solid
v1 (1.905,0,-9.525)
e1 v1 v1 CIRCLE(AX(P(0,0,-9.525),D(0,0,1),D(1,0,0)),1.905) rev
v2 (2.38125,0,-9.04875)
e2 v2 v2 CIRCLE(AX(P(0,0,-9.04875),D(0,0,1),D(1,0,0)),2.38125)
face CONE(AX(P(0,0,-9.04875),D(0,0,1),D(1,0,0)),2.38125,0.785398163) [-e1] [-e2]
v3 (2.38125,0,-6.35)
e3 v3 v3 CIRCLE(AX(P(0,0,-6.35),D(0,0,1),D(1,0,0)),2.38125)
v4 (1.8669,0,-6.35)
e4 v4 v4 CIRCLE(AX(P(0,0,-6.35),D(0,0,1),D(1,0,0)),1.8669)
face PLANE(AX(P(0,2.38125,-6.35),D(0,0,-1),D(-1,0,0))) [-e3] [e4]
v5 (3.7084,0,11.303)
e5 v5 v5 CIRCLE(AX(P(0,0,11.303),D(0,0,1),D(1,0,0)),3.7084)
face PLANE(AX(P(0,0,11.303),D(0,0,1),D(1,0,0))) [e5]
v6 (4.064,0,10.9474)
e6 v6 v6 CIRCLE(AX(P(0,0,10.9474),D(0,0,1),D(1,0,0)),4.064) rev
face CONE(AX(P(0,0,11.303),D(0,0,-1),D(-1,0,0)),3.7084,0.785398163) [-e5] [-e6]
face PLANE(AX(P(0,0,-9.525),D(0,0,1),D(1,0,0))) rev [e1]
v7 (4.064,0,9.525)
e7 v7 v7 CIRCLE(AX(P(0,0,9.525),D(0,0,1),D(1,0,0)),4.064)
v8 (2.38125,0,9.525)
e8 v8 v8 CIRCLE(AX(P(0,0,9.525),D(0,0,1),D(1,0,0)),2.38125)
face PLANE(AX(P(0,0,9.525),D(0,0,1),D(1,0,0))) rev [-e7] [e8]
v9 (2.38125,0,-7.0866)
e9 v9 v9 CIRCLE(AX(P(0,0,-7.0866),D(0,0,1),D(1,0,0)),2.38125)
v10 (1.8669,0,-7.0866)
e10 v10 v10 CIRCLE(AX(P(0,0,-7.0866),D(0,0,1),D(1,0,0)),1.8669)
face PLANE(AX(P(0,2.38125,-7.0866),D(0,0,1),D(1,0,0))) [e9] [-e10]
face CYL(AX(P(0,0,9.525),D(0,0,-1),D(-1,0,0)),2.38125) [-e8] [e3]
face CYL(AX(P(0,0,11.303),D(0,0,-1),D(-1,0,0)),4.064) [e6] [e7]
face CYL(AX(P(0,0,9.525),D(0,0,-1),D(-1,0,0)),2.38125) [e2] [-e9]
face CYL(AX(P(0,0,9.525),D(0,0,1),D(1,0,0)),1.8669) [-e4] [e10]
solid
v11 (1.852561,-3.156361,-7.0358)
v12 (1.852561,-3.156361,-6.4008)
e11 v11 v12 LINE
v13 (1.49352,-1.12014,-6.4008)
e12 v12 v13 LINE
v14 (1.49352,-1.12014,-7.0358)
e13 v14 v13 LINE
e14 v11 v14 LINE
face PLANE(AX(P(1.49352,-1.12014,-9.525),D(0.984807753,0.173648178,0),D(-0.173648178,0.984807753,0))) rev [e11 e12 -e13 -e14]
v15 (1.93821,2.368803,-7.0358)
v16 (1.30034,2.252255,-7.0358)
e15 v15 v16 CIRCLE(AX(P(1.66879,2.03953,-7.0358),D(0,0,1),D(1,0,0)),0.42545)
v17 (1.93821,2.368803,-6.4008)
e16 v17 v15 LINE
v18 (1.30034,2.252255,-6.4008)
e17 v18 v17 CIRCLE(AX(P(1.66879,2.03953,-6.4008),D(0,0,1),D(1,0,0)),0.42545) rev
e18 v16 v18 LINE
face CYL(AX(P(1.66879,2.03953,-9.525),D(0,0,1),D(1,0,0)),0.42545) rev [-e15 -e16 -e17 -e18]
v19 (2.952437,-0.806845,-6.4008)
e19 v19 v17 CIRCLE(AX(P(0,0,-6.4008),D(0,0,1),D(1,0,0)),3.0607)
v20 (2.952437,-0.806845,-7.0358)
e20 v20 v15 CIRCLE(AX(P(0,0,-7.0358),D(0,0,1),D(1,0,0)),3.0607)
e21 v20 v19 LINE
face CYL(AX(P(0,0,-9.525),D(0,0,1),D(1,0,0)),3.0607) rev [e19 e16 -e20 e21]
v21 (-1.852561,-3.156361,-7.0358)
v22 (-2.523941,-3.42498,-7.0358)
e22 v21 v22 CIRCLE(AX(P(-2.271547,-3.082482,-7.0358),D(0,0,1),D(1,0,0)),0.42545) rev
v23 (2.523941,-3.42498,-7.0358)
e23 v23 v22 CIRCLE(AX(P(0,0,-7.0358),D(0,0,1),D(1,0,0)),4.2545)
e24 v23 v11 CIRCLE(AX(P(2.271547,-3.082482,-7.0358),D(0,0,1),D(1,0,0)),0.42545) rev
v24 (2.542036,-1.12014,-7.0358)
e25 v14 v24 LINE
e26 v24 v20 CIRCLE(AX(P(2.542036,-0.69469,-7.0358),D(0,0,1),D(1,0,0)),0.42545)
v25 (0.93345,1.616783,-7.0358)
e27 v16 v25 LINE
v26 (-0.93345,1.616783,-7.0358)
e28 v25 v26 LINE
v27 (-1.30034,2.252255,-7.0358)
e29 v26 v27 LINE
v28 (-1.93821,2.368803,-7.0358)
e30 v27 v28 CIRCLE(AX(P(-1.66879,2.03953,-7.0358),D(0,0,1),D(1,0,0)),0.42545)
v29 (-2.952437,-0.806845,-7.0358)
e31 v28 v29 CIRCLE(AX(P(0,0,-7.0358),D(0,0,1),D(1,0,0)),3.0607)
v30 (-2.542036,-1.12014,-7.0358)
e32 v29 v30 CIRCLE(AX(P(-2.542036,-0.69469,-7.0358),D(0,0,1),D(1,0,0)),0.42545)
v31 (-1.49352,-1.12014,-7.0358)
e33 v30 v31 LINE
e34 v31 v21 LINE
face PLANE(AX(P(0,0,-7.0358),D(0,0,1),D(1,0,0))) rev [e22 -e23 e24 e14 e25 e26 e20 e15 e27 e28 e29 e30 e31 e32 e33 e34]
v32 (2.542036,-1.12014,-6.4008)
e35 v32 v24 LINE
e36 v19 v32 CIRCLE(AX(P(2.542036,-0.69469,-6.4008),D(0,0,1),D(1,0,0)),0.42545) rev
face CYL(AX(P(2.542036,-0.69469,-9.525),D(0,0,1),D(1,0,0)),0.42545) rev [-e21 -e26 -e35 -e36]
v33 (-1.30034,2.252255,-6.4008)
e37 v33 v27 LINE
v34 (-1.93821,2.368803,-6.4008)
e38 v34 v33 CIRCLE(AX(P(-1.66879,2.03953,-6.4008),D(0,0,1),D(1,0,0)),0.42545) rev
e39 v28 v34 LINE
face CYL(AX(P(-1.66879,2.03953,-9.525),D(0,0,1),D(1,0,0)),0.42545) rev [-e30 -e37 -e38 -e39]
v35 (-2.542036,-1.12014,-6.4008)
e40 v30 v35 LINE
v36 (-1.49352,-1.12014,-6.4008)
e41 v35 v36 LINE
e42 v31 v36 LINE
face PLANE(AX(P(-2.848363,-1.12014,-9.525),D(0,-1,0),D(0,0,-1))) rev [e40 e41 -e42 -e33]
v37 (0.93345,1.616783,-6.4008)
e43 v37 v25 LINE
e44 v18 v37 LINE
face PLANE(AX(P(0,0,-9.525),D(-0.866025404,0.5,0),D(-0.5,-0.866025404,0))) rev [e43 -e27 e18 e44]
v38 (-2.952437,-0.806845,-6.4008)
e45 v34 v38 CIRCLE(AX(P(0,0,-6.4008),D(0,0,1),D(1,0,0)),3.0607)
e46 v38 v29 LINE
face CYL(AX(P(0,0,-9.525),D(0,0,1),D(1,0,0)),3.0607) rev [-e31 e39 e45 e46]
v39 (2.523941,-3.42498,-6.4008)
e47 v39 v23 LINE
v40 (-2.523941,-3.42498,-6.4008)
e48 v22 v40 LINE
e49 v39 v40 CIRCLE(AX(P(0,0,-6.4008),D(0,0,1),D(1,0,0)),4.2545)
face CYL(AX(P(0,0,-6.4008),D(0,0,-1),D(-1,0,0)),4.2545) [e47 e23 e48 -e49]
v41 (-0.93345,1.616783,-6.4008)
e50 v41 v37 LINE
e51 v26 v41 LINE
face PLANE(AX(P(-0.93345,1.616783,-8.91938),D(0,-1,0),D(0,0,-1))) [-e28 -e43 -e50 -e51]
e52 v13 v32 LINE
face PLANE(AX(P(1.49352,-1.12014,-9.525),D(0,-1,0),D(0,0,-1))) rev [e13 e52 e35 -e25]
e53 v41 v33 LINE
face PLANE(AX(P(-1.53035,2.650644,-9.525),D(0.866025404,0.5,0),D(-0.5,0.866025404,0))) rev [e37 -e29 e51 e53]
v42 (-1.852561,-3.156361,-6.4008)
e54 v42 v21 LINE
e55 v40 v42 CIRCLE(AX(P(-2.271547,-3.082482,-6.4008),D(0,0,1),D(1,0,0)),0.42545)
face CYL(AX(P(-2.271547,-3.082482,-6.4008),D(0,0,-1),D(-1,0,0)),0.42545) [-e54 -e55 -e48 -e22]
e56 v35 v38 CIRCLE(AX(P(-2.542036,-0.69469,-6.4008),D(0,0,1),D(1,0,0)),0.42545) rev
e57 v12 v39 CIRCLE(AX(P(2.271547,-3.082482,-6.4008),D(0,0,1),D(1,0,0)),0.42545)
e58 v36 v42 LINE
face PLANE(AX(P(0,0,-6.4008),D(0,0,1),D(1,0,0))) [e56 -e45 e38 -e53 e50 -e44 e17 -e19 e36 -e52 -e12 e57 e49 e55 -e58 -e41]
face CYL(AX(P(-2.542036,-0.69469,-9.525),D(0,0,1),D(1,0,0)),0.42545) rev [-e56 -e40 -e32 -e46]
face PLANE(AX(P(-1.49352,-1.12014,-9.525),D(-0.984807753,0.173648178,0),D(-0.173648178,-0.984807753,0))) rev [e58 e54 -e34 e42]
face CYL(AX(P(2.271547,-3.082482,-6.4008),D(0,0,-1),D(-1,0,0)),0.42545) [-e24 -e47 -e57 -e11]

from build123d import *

# Parameters (mm, degrees)
SKETCH2_R      = 2.38125
EXTRUDE1_DEPTH = 9.525
SKETCH3_W      = 0.7366
SKETCH3_H      = 0.51435
SKETCH8_R      = 4.064
EXTRUDE6_DEPTH = 1.778
CHAMFER2_SIZE  = 0.3556
SKETCH4_R      = 4.2545
SKETCH4_R_2    = 1.8669
EXTRUDE2_DEPTH = 0.3175
EXTRUDE4_DEPTH = 10.525
EXTRUDE5_DEPTH = 0.635
FILLET1_R      = 0.42545
CHAMFER1_SIZE  = 0.47625


with BuildPart() as part:
    # Sketch2 → Extrude1 (new body, symmetric)
    with BuildSketch(Plane.XY):
        Circle(SKETCH2_R)
    extrude(amount=EXTRUDE1_DEPTH, both=True)

    # Sketch3 → Cut-Revolve1 (revolve, cut)
    with BuildSketch(Plane(origin=(0, 0, 0), x_dir=(0, 0, -1), z_dir=(1, 0, 0))):
        with Locations((6.7183, 2.124075)):
            Rectangle(SKETCH3_W, SKETCH3_H)
    revolve(axis=Axis((0, 0, 9.525), (0, 0, -1)), mode=Mode.SUBTRACT)

    # Sketch8 → Extrude6 (add)
    with BuildSketch(Plane.XY.offset(9.525)):
        Circle(SKETCH8_R)
    extrude(amount=EXTRUDE6_DEPTH)

    # Chamfer2
    chamfer2_edges = [part.edges().sort_by_distance(p)[0] for p in [
        (-4.064, 0, 11.303),
    ]]
    chamfer(chamfer2_edges, length=CHAMFER2_SIZE)

    # Chamfer1
    chamfer1_edges = [part.edges().sort_by_distance(p)[0] for p in [
        (-2.38125, 0, -9.525),
    ]]
    chamfer(chamfer1_edges, length=CHAMFER1_SIZE)


with BuildPart() as body_2:
    # Sketch4 → Extrude2 (new body, symmetric)
    with BuildSketch(Plane.XY.offset(-6.7183)):
        Circle(SKETCH4_R)
        Circle(SKETCH4_R_2, mode=Mode.SUBTRACT)
    extrude(amount=EXTRUDE2_DEPTH, both=True)

    # Sketch5 → Extrude4 (cut, through all)
    with BuildSketch(Plane.XY):
        with BuildLine():
            Line((-1.53035, 2.650643953), (0, 0))
            Line((0, 0), (1.53035, 2.650643953))
            ThreePointArc((1.53035, 2.650643953), (2.889287878, 1.00990101), (2.84836284, -1.12014))
            Line((2.84836284, -1.12014), (1.49352, -1.12014))
            Line((1.49352, -1.12014), (1.96168838, -3.775254819))
            ThreePointArc((1.96168838, -3.775254819), (0, -4.2545), (-1.96168838, -3.775254819))
            Line((-1.96168838, -3.775254819), (-1.49352, -1.12014))
            Line((-1.49352, -1.12014), (-2.84836284, -1.12014))
            ThreePointArc((-2.84836284, -1.12014), (-2.889287878, 1.00990101), (-1.53035, 2.650643953))
        make_face()
    extrude(amount=-EXTRUDE4_DEPTH, mode=Mode.SUBTRACT)

    # Sketch6 → Extrude5 (add)
    with BuildSketch(Plane.XY.offset(-6.4008)):
        with BuildLine():
            Line((-0.93345, 1.616782826), (0.93345, 1.616782826))
            ThreePointArc((0.93345, 1.616782826), (0, 1.8669), (-0.93345, 1.616782826))
        make_face()
    extrude(amount=-EXTRUDE5_DEPTH)

    # Fillet1
    fillet1_edges = [body_2.edges().sort_by_distance(p)[0] for p in [
        (1.53035, 2.650643953, -6.7183),
        (1.96168838, -3.775254819, -6.7183),
        (-2.84836284, -1.12014, -6.7183),
        (2.84836284, -1.12014, -6.7183),
        (-1.96168838, -3.775254819, -6.7183),
        (-1.53035, 2.650643953, -6.7183),
    ]]
    fillet(fillet1_edges, radius=FILLET1_R)


solid = Compound([part.part, body_2.part])
